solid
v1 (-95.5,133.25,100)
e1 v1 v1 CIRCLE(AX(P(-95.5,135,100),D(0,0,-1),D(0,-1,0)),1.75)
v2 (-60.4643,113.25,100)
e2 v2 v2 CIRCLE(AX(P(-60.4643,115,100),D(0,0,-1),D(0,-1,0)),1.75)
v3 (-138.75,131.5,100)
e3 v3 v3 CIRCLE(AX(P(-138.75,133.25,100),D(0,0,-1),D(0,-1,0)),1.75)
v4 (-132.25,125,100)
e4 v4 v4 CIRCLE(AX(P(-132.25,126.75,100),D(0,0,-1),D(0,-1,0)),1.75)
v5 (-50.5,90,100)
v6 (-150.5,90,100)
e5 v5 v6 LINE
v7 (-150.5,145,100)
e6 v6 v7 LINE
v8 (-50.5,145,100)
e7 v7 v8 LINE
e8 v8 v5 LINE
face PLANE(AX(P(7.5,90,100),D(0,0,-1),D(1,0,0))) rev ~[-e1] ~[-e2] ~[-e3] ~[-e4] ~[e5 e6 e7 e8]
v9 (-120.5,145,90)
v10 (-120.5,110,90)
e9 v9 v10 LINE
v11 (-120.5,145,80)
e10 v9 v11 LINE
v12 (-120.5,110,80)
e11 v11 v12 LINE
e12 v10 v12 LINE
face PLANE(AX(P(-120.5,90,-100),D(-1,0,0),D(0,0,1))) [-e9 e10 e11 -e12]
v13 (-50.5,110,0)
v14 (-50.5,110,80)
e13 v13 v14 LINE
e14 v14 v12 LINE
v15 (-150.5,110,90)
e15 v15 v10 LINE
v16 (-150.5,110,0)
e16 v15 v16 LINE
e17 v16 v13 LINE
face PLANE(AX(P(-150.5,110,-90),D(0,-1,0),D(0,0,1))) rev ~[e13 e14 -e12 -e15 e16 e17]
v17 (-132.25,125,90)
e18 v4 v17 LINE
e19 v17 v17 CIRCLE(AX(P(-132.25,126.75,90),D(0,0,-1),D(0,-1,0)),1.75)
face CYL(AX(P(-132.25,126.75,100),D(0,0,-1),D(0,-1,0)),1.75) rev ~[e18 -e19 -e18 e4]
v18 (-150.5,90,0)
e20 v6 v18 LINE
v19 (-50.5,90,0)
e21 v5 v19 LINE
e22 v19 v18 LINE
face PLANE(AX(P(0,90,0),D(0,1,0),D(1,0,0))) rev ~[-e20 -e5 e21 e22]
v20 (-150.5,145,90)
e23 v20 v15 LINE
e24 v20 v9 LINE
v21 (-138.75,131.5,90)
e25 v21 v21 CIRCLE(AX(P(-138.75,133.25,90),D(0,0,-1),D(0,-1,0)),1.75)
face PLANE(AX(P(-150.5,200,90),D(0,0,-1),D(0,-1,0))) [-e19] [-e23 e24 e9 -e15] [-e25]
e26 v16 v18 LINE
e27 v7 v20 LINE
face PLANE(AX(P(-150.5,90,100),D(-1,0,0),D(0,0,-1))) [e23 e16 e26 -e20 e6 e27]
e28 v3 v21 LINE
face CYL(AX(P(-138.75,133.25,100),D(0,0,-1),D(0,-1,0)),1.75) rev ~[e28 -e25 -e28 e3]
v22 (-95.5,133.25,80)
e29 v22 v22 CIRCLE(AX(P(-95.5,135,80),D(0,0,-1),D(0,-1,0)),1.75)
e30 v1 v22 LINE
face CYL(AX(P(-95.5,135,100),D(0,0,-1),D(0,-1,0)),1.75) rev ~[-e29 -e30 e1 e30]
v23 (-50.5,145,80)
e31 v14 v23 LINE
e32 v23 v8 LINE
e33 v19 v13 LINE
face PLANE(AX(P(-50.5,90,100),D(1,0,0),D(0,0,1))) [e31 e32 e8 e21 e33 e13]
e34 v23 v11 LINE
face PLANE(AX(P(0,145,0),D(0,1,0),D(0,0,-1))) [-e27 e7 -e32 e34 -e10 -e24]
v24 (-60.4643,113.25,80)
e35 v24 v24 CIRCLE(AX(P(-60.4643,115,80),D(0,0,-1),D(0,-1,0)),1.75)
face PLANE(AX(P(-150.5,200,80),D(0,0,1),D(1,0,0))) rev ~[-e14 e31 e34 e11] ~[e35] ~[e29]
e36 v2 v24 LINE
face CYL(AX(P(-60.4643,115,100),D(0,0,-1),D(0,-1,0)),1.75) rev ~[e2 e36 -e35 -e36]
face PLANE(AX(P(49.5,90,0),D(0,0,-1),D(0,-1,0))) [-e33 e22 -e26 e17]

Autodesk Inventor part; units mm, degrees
ref_plane "YZ Plane" through (0, 0, 0) normal (1, 0, 0) x (0, 1, 0)
ref_plane "XZ Plane" through (0, 0, 0) normal (0, 1, 0) x (-1, 0, 0)
ref_plane "XY Plane" through (0, 0, 0) normal (0, 0, 1) x (1, 0, 0)
sketch "Boceto2" plane through (0, 0, 0) normal (0, 1, 0) x (-1, 0, 0)
  line L0 (7.5, 100) -> (-7.5, 100)
  line L1 (-7.5, 100) -> (-7.5, -100)
  line L2 (-7.5, -100) -> (7.5, -100)
  line L3 (7.5, -100) -> (7.5, 100)
  line L4 (7.5, 100) -> (-7.5, -100) construction
  line L5 (-7.5, 100) -> (7.5, -100) construction
  point P0 (0, 0)
  dimension "d7" = 15
  dimension "d8" = 200
extrude "Extrusión1" add sketch "Boceto2" along normal blind 10
sketch "Boceto3" plane through (0, 10, 0) normal (0, 1, 0) x (1, 0, 0)
  circle A0 centre (3.25, 58.25) radius 1.75
  line L0 (5, 50) -> (-5, 50)
  line L1 (-5, 50) -> (-5, 60)
  line L2 (-5, 60) -> (5, 60)
  line L3 (5, 60) -> (5, 50)
  line L4 (5, 50) -> (-5, 60) construction
  line L5 (-5, 50) -> (5, 60) construction
  circle A1 centre (-3.25, 51.75) radius 1.75
  line L6 (7.5, 100) -> (-7.5, 100) projected
  line L7 (-7.5, 0) -> (3.408, 0)
  line L8 (5, -60) -> (5, -50)
  line L9 (-5, -60) -> (5, -60)
  line L10 (5, -50) -> (-5, -50)
  line L11 (-5, -50) -> (-5, -60)
  line L12 (-5, -50) -> (5, -60) construction
  circle A2 centre (-3.25, -51.75) radius 1.75
  line L13 (5, -50) -> (-5, -60) construction
  circle A3 centre (3.25, -58.25) radius 1.75
  line L14 (-7.5, -100) -> (7.5, -100) projected
  point P0 (0, 0)
  point P1 (-5, 55)
  point P2 (0, 100)
  point P3 (-5, -55)
  dimension "d11" = 3.5
  dimension "d12" = 1.75
  dimension "d13" = 1.75
  dimension "d14" = 1.75
  dimension "d15" = 1.75
  dimension "d16" = 10
  dimension "d17" = 10
  dimension "d19" = 40
  dimension "d81" = 40
hole "Agujero1" at (3.25, 10, 58.25) at (-3.25, 10, 51.75) at (3.25, 10, -58.25) at (-3.25, 10, -51.75) direction (0, -1, 0) diameter 3.5 end through all
sketch "Boceto4" plane through (0, 10, 0) normal (0, 1, 0) x (1, 0, 0)
  line L0 (-7.5, 100) -> (-7.5, -100) projected
  line L1 (-7.5, -100) -> (7.5, -100)
  line L2 (7.5, -100) -> (7.5, -80)
  line L3 (7.5, -80) -> (-7.5, -80)
  line L4 (-7.5, -80) -> (-7.5, -100)
  line L5 (-7.5, 0) -> (1.0116, 0)
  line L6 (-7.5, -100) -> (-7.5, 100)
  line L7 (-7.5, 100) -> (7.5, 100)
  line L8 (7.5, 100) -> (7.5, 80)
  line L9 (7.5, 80) -> (-7.5, 80)
  line L10 (-7.5, 80) -> (-7.5, 100)
  point P0 (0, 0)
  point P1 (-7.5, -80)
  point P2 (-7.5, 80)
  dimension "d27" = 15
  dimension "d28" = 20
extrude "Extrusión2" add sketch "Boceto4" along normal blind 80
sketch "Boceto5" plane through (0, 90, 0) normal (0, 1, 0) x (1, 0, 0)
  line L0 (-7.5, -100) -> (7.5, -100) projected
  line L1 (-7.5, -100) -> (49.5, -100)
  line L2 (49.5, -100) -> (49.5, 100)
  line L3 (49.5, 100) -> (-7.5, 100)
  line L4 (-7.5, 100) -> (-7.5, -100)
  line L5 (49.5, -100) -> (-150.5, -100)
  line L6 (-150.5, -100) -> (-150.5, 100)
  line L7 (-150.5, 100) -> (49.5, 100)
  line L8 (49.5, 100) -> (49.5, -100)
  point P0 (0, 0)
  point P1 (-7.5, 100)
  dimension "d31" = 57
  dimension "d32" = 200
  dimension "d75" = 200
extrude "Extrusión3" add sketch "Boceto5" along normal blind 110
sketch "Boceto6" plane through (0, 200, 0) normal (0, 1, 0) x (1, 0, 0)
  line L0 (49.5, 100) -> (7.5, 100) projected
  line L1 (49.5, 100) -> (29.5, 100)
  line L2 (29.5, 100) -> (29.5, 80)
  line L3 (7.5, -100) -> (49.5, -100) projected
  line L4 (28.5, -100) -> (28.5, -80)
  line L5 (-150.5, 100) -> (-150.5, -100) projected
  line L6 (29.5, 80) -> (-150.5, 80)
  line L7 (-150.5, 80) -> (-150.5, -80)
  line L8 (-150.5, -80) -> (29.5, -80)
  line L9 (29.5, -80) -> (29.5, 80)
  line L10 (-150.5, -100) -> (49.5, -100) projected
  point P0 (7.5, 80)
  point P1 (-50.5, -100)
  dimension "d36" = 20
  dimension "d37" = 20
  dimension "d38" = 20
  dimension "d77" = 20
extrude "Extrusión4" cut sketch "Boceto6" against normal blind 90 contours L8 L5 L6 L9
sketch "Boceto7" plane through (-150.5, 90, -100) normal (-1, 0, 0) x (0, 0, 1)
  line L0 (0, 110) -> (20, 110) projected
  line L1 (20, 110) -> (10, 110)
  line L2 (10, 110) -> (10, 20)
  line L3 (10, 20) -> (20, 20)
  line L4 (20, 20) -> (20, 110)
  line L5 (180, 110) -> (180, 20) projected
  line L6 (180, 110) -> (190, 110)
  line L7 (190, 110) -> (190, 20)
  line L8 (190, 20) -> (180, 20)
  line L9 (180, 20) -> (180, 110)
  line L10 (200, 0) -> (200, 110) projected
  line L11 (0, 0) -> (0, 110) projected
  line L12 (0, 110) -> (10, 110)
  line L13 (10, 110) -> (10, 20)
  line L14 (10, 20) -> (0, 20)
  line L15 (0, 20) -> (0, 110)
  line L16 (200, 110) -> (0, 110) projected
  line L17 (200, 110) -> (190, 110)
  line L18 (190, 110) -> (190, 20)
  line L19 (190, 20) -> (200, 20)
  line L20 (200, 20) -> (200, 110)
  point P0 (100, -90)
  dimension "d63" = 10
  dimension "d65" = 10
  dimension "d76" = 10
extrude "Extrusión5" cut sketch "Boceto7" against normal blind 30 contours L6 L7 L8 L5 | L0 L4 L3 L2
sketch "Boceto8" plane through (-7.5, 0, 100) normal (0, 0, 1) x (1, 0, 0)
  line L0 (-113, 110) -> (-113, 200) projected
  line L1 (-113, 200) -> (-113, 110)
  circle A0 centre (-124.75, 183.25) radius 1.75
  line L2 (-123, 175) -> (-133, 175)
  line L3 (-133, 175) -> (-133, 185)
  line L4 (-133, 185) -> (-123, 185)
  line L5 (-123, 185) -> (-123, 175)
  line L6 (-123, 175) -> (-133, 185) construction
  line L7 (-133, 175) -> (-123, 185) construction
  circle A1 centre (-131.25, 176.75) radius 1.75
  line L8 (-143, 200) -> (57, 200) projected
  line L9 (-143, 90) -> (-143, 200) projected
  line L10 (-113, 155) -> (-128, 155)
  line L11 (-123, 125) -> (-123, 135)
  line L12 (-133, 125) -> (-123, 125)
  line L13 (-123, 135) -> (-133, 125) construction
  line L14 (-123, 135) -> (-133, 135)
  line L15 (-133, 135) -> (-123, 125) construction
  circle A2 centre (-131.25, 133.25) radius 1.75
  line L16 (-133, 135) -> (-133, 125)
  circle A3 centre (-124.75, 126.75) radius 1.75
  line L17 (-143, 110) -> (-113, 110) projected
  point P0 (7.5, 0)
  point P1 (-133, 180)
  point P2 (-123, 180)
  point P3 (-133, 130)
  point P4 (-123, 130)
  dimension "d45" = 3.5
  dimension "d46" = 1.75
  dimension "d47" = 1.75
  dimension "d48" = 1.75
  dimension "d49" = 1.75
  dimension "d50" = 10
  dimension "d51" = 10
  dimension "d52" = 15
  dimension "d53" = 10
  dimension "d54" = 10
  dimension "d55" = 15
hole "Agujero2" at (-132.25, 183.25, 100) at (-138.75, 176.75, 100) at (-138.75, 133.25, 100) at (-132.25, 126.75, 100) direction (0, 0, -1) diameter 3.5 end through all
ref_plane "Plano de trabajo1" through (-150.5, 90, 100) normal (0, -1, 0) x (1, 0, 0)
split "Dividir1" plane through (-150.5, 90, 100) removes the side toward (0, -1, 0)
ref_plane "Plano de trabajo2" through (49.5, 90, 0) normal (0, 0, -1) x (-1, 0, 0)
ref_plane "Plano de trabajo3" through (-50.5, 90, 100) normal (1, 0, 0) x (0, 0, -1)
ref_plane "Plano de trabajo4" through (0, 145, 0) normal (0, 1, 0) x (1, 0, 0)
sketch "Boceto9" plane through (-150.5, 90, 100) normal (0, 0, 1) x (1, 0, 0)
  line L0 (85.0357, 30) -> (115.0357, 30)
  circle A0 centre (110.0357, 25) radius 1.75
  line L1 (90.0357, 25) -> (110.0357, 25)
  line L2 (115.0357, 30) -> (115.0357, 20)
  circle A1 centre (90.0357, 25) radius 1.75
  line L3 (85.0357, 20) -> (115.0357, 30) construction
  line L4 (85.0357, 30) -> (115.0357, 20) construction
  line L5 (85.0357, 20) -> (85.0357, 30)
  line L6 (115.0357, 20) -> (85.0357, 20)
  line L7 (200, 0) -> (200, 110)
  line L8 (200, 55) -> (88.2857, 55)
  circle A2 centre (90.0357, 85) radius 1.75
  line L9 (85.0357, 80) -> (115.0357, 80)
  line L10 (85.0357, 80) -> (115.0357, 90) construction
  line L11 (85.0357, 90) -> (85.0357, 80)
  line L12 (115.0357, 90) -> (85.0357, 90)
  line L13 (85.0357, 90) -> (115.0357, 80) construction
  circle A3 centre (110.0357, 85) radius 1.75
  line L14 (90.0357, 85) -> (110.0357, 85)
  line L15 (115.0357, 80) -> (115.0357, 90)
  line L16 (100.0357, 55) -> (185.099, 55) construction
  line L17 (160, 70) -> (160, 40)
  circle A4 centre (165, 45) radius 1.75
  line L18 (170, 40) -> (170, 70)
  line L19 (170, 70) -> (160, 40) construction
  line L20 (160, 40) -> (170, 40)
  line L21 (160, 70) -> (170, 40) construction
  circle A5 centre (165, 65) radius 1.75
  line L22 (165, 65) -> (165, 45)
  line L23 (170, 70) -> (160, 70)
  circle A6 centre (55, 65) radius 1.75
  line L24 (60, 70) -> (60, 40)
  line L25 (60, 40) -> (50, 40)
  circle A7 centre (55, 45) radius 1.75
  line L26 (55, 65) -> (55, 45)
  line L27 (60, 70) -> (50, 40) construction
  line L28 (50, 40) -> (50, 70)
  line L29 (50, 70) -> (60, 40) construction
  line L30 (50, 70) -> (60, 70)
  line L31 (30, 110) -> (30, 20)
  point P0 (150.5, -90)
  point P1 (100.0357, 34.7141)
  point P2 (100.0357, 34.7141)
  point P3 (85.0357, 36.6749)
  point P4 (115.0357, 25)
  point P5 (115.0357, 85)
  point P6 (189.1833, 40)
  point P7 (165, 70)
  point P8 (70.0357, 40)
  point P9 (55, 70)
  dimension "d89" = 10
  dimension "d90" = 30
  dimension "d91" = 5
  dimension "d92" = 5
  dimension "d93" = 5
  dimension "d94" = 5
  dimension "d95" = 30
  dimension "d96" = 5
  dimension "d97" = 5
  dimension "d98" = 3.5
  dimension "d99" = 5
  dimension "d100" = 5
  dimension "d101" = 5
  dimension "d102" = 5
  dimension "d103" = 5
  dimension "d104" = 20
hole "Agujero3" at (-60.4643, 175, 100) at (-40.4643, 175, 100) at (14.5, 155, 100) at (-95.5, 155, 100) at (-95.5, 135, 100) at (-60.4643, 115, 100) at (-40.4643, 115, 100) at (14.5, 135, 100) direction (0, 0, -1) diameter 3.5 end through all
sketch "Boceto10" plane through (49.5, 90, 100) normal (1, 0, 0) x (0, 0, -1)
  line L0 (85.0357, 30) -> (115.0357, 30)
  circle A0 centre (110.0357, 25) radius 1.75
  line L1 (90.0357, 25) -> (110.0357, 25)
  line L2 (115.0357, 30) -> (115.0357, 20)
  circle A1 centre (90.0357, 25) radius 1.75
  line L3 (85.0357, 30) -> (115.0357, 20) construction
  line L4 (85.0357, 20) -> (85.0357, 30)
  line L5 (115.0357, 20) -> (85.0357, 20)
  line L6 (85.0357, 20) -> (115.0357, 30) construction
  line L7 (160, 70) -> (160, 40)
  circle A2 centre (165, 45) radius 1.75
  line L8 (160, 40) -> (170, 40)
  line L9 (165, 65) -> (165, 45)
  circle A3 centre (165, 65) radius 1.75
  line L10 (170, 70) -> (160, 40) construction
  line L11 (170, 70) -> (160, 70)
  line L12 (160, 70) -> (170, 40) construction
  line L13 (170, 40) -> (170, 70)
  line L14 (40, 70) -> (40, 40)
  line L15 (35, 65) -> (35, 45)
  circle A4 centre (35, 65) radius 1.75
  line L16 (40, 40) -> (30, 40)
  line L17 (40, 70) -> (30, 40) construction
  line L18 (30, 70) -> (40, 40) construction
  line L19 (30, 70) -> (40, 70)
  line L20 (30, 40) -> (30, 70)
  circle A5 centre (35, 45) radius 1.75
  circle A6 centre (90.0357, 85) radius 1.75
  line L21 (85.0357, 80) -> (115.0357, 80)
  line L22 (115.0357, 80) -> (115.0357, 90)
  circle A7 centre (110.0357, 85) radius 1.75
  line L23 (90.0357, 85) -> (110.0357, 85)
  line L24 (85.0357, 80) -> (115.0357, 90) construction
  line L25 (85.0357, 90) -> (85.0357, 80)
  line L26 (115.0357, 90) -> (85.0357, 90)
  line L27 (85.0357, 90) -> (115.0357, 80) construction
  line L28 (0, 0) -> (0, 110)
  line L29 (200, 0) -> (200, 110)
  point P0 (100, -90)
  point P1 (100.0357, 34.7141)
  point P2 (100.0357, 34.7141)
  point P3 (85.0357, 36.6749)
  point P4 (115.0357, 25)
  point P5 (88.2857, 55)
  point P6 (189.1833, 40)
  point P7 (165, 70)
  point P8 (70.0357, 40)
  point P9 (35, 70)
  point P10 (115.0357, 85)
  point P11 (100.0357, 55)
  dimension "d112" = 10
  dimension "d113" = 30
  dimension "d114" = 5
  dimension "d115" = 5
  dimension "d116" = 5
  dimension "d117" = 5
  dimension "d118" = 5
  dimension "d119" = 5
  dimension "d120" = 3.5
  dimension "d121" = 5
  dimension "d122" = 5
  dimension "d123" = 5
  dimension "d124" = 5
  dimension "d125" = 5
  dimension "d126" = 30
  dimension "d127" = 30
hole "Agujero4" at (49.5, 175, 9.9643) at (49.5, 175, -10.0357) at (49.5, 155, 65) at (49.5, 135, 65) at (49.5, 115, 9.9643) at (49.5, 115, -10.0357) at (49.5, 135, -65) at (49.5, 155, -65) direction (-1, 0, 0) diameter 3.5 end through all
split "Dividir2" plane through (-50.5, 90, 100) removes the side toward (1, 0, 0)
split "Dividir3" plane through (0, 145, 0) removes the side toward (0, 1, 0)
split "Dividir4" plane through (49.5, 90, 0) removes the side toward (0, 0, -1)
properties part number "container_front_head_4"
